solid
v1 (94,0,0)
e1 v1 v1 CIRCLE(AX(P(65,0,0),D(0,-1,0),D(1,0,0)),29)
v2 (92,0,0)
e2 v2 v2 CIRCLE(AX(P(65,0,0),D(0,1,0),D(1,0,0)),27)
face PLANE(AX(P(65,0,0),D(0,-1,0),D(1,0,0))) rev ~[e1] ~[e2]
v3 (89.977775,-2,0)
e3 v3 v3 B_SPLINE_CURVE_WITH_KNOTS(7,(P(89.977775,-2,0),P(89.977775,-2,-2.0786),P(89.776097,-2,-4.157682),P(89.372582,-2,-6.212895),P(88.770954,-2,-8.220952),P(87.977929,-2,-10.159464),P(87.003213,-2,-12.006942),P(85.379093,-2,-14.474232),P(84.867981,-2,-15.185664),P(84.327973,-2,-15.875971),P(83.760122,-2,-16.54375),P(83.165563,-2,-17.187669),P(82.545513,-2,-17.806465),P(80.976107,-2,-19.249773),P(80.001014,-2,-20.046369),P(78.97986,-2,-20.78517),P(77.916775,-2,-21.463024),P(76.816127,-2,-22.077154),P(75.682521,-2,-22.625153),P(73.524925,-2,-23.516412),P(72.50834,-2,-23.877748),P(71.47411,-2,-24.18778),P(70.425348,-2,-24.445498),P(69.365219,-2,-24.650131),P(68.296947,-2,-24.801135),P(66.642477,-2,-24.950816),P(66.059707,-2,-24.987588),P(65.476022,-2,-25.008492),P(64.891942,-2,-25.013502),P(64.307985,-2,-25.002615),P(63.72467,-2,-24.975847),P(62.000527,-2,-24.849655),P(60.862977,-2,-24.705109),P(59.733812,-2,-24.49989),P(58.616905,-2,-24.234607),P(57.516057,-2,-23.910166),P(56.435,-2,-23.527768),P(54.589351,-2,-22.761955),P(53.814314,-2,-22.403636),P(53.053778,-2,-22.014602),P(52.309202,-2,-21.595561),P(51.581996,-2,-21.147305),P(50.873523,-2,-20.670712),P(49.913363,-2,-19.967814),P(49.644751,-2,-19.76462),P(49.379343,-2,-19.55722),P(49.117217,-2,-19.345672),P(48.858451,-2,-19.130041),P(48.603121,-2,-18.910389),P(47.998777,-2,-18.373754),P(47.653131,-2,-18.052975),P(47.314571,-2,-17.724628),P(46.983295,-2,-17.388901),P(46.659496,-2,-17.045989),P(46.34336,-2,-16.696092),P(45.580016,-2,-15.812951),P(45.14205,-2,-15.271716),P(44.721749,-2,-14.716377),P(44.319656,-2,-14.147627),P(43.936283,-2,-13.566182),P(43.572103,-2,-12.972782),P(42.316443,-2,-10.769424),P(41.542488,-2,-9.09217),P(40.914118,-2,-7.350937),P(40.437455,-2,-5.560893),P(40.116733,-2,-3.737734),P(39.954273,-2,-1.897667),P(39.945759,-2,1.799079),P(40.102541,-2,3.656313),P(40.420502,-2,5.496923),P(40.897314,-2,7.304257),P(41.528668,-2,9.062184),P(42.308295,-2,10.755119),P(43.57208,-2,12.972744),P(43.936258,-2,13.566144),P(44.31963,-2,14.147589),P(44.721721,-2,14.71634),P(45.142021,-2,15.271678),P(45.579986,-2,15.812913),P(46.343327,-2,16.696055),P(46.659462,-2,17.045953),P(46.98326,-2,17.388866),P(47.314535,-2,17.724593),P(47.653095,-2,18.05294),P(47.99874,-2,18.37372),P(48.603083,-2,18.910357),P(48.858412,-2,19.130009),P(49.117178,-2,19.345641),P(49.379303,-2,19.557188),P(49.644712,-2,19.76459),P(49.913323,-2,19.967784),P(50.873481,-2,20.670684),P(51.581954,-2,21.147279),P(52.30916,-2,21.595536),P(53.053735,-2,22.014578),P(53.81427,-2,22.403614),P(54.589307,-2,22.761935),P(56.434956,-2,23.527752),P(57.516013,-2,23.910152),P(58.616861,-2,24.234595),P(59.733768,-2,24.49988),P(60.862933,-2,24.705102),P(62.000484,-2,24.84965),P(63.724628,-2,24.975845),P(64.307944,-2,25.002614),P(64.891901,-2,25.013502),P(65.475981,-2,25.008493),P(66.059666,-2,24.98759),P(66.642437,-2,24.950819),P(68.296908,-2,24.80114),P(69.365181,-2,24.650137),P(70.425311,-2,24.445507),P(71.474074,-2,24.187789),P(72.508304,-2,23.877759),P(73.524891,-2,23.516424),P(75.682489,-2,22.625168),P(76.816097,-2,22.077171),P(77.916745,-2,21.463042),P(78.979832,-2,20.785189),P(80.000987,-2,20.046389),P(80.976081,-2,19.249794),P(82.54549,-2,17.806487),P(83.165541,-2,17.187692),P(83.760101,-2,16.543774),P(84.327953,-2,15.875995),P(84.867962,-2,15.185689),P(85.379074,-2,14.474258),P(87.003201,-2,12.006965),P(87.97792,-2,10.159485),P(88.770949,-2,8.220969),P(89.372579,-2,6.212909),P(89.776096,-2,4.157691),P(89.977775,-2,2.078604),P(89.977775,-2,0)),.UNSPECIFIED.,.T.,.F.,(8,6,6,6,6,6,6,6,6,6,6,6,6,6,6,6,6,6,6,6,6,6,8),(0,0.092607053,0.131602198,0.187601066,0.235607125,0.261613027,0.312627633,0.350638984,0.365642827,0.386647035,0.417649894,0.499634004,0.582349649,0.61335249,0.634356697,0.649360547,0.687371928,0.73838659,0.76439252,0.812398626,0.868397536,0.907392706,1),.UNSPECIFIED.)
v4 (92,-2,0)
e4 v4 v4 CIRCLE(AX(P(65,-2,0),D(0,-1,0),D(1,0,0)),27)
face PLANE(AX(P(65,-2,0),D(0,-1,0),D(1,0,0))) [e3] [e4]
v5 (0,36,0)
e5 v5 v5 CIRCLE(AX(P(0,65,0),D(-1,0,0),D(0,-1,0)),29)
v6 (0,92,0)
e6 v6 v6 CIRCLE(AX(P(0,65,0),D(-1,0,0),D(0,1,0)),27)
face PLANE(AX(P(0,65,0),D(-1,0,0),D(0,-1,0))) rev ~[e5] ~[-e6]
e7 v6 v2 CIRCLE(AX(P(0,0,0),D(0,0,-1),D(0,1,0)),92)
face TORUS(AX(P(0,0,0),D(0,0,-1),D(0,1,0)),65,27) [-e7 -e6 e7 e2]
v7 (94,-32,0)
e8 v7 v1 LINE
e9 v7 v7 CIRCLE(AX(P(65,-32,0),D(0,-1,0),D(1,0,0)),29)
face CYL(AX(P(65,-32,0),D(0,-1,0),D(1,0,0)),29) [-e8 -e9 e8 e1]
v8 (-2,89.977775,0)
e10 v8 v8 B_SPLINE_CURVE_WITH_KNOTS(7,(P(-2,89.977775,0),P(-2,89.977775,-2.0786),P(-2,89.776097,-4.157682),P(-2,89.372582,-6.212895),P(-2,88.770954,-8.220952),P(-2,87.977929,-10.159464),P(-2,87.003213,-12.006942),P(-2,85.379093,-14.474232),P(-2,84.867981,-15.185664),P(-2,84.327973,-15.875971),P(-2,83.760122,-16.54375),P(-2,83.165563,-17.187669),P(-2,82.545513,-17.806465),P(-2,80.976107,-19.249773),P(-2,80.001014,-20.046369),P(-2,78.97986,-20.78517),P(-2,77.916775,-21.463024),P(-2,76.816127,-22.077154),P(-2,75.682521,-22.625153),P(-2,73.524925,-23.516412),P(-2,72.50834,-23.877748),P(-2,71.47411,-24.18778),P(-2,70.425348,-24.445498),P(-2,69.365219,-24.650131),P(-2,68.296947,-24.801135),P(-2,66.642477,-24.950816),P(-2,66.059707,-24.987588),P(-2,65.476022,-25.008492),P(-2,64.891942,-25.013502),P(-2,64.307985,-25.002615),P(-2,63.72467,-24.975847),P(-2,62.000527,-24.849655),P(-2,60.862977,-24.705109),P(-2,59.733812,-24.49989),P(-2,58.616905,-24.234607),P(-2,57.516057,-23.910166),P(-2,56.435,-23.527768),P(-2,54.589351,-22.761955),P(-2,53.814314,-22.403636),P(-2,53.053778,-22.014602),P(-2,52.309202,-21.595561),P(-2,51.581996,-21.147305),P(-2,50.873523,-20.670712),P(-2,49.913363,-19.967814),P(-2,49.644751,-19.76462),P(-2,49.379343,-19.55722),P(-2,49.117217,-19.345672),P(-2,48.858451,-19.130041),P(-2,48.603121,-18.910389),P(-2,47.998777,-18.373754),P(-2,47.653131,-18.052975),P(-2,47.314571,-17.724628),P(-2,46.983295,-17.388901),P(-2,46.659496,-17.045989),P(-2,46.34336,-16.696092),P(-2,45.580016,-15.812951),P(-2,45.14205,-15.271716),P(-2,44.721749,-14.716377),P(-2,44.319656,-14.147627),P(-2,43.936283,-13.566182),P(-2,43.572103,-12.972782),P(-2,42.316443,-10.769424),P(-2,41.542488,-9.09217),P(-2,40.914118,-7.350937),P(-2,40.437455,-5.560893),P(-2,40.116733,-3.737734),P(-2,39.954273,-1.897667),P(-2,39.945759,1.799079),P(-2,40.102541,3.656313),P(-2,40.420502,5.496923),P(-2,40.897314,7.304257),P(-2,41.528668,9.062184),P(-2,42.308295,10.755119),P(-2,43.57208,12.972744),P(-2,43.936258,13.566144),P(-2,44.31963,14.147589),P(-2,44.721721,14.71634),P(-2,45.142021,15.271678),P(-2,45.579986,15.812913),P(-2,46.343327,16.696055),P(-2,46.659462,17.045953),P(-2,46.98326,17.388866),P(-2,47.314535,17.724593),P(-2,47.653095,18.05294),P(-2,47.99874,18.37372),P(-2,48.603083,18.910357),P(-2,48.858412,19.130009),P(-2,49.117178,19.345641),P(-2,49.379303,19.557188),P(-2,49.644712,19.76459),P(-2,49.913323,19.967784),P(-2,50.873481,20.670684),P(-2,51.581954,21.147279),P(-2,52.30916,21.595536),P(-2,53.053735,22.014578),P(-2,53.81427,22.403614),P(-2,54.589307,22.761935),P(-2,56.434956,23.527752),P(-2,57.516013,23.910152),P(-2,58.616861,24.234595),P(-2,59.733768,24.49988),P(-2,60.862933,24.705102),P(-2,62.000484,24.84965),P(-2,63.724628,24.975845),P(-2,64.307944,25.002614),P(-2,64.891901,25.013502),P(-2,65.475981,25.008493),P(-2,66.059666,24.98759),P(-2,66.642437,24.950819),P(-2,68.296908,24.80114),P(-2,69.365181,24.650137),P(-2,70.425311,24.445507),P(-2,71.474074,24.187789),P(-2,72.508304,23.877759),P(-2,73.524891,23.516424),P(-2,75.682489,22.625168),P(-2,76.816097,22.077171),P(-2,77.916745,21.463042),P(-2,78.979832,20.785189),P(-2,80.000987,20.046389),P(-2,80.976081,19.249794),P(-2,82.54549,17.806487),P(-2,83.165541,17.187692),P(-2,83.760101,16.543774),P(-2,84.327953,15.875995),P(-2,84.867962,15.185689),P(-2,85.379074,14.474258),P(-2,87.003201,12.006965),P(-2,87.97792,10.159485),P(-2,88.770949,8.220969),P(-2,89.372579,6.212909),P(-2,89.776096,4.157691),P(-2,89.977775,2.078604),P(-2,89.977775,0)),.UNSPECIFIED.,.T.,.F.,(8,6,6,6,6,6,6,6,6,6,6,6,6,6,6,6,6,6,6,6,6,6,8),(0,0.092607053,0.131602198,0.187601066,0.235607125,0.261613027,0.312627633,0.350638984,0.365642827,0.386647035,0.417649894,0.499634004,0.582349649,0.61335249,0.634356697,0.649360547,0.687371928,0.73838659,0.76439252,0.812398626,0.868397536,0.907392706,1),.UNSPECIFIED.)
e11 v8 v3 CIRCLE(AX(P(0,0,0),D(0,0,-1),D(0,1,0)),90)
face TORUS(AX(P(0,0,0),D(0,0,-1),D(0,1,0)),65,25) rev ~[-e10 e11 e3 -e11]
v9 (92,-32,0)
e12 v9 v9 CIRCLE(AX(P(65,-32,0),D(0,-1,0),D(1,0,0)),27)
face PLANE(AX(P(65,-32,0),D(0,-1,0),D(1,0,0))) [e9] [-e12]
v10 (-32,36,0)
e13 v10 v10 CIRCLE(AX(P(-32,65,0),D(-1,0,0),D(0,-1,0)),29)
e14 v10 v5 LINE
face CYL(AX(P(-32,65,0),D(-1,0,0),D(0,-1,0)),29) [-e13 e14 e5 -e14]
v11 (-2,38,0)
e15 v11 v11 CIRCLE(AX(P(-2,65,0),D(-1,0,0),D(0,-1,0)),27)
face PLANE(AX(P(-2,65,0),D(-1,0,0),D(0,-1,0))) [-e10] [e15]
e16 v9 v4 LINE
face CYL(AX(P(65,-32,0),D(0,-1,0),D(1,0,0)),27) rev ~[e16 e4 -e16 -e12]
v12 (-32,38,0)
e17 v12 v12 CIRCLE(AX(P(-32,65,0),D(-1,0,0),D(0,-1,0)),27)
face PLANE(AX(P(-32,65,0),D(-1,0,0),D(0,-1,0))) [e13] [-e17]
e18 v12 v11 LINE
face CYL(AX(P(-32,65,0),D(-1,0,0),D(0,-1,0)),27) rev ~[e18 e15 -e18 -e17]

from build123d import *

# Parameters (mm, degrees)
F2_R     = 27
F4_R     = 29
F4_R_2   = 27
F5_DEPTH = 32
F6_R     = 29
F6_R_2   = 27
F7_DEPTH = 32
F8_T     = -2


with BuildPart() as f3:
    # F3: sweep along a path in F0
    with BuildLine(Plane.XY) as f3_path:
        Line((-32, 65), (0, 65))
        ThreePointArc((0, 65), (45.9619407771, 45.9619407771), (65, 0))
        Line((65, 0), (65, -32))
    # F2 (on plane+point) → F3 (sweep)
    with BuildSketch(Plane.YZ.offset(-32)):
        with Locations((65, 0)):
            Circle(F2_R)
    sweep(path=f3_path.line)

    # F4 (on face) → F5 (join)
    with BuildSketch(Plane(origin=(-32, 0, 0), x_dir=(0, -1, 0), z_dir=(-1, 0, 0))):
        with Locations((-65, 0)):
            Circle(F4_R)
        with Locations((-65, 0)):
            Circle(F4_R_2, mode=Mode.SUBTRACT)
    extrude(amount=-F5_DEPTH)

    # F6 (on face) → F7 (join)
    with BuildSketch(Plane.XZ.offset(32)):
        with Locations((65, 0)):
            Circle(F6_R)
        with Locations((65, 0)):
            Circle(F6_R_2, mode=Mode.SUBTRACT)
        with Locations((65, 0)):
            Circle(F6_R_2)
    extrude(amount=-F7_DEPTH)

    # F8
    f8_openings = [f3.faces().sort_by_distance(p)[0] for p in [
        (65, -32, 0),
        (-32, 65, 0),
    ]]
    offset(amount=F8_T, openings=f8_openings, kind=Kind.INTERSECTION)


solid = f3.part
